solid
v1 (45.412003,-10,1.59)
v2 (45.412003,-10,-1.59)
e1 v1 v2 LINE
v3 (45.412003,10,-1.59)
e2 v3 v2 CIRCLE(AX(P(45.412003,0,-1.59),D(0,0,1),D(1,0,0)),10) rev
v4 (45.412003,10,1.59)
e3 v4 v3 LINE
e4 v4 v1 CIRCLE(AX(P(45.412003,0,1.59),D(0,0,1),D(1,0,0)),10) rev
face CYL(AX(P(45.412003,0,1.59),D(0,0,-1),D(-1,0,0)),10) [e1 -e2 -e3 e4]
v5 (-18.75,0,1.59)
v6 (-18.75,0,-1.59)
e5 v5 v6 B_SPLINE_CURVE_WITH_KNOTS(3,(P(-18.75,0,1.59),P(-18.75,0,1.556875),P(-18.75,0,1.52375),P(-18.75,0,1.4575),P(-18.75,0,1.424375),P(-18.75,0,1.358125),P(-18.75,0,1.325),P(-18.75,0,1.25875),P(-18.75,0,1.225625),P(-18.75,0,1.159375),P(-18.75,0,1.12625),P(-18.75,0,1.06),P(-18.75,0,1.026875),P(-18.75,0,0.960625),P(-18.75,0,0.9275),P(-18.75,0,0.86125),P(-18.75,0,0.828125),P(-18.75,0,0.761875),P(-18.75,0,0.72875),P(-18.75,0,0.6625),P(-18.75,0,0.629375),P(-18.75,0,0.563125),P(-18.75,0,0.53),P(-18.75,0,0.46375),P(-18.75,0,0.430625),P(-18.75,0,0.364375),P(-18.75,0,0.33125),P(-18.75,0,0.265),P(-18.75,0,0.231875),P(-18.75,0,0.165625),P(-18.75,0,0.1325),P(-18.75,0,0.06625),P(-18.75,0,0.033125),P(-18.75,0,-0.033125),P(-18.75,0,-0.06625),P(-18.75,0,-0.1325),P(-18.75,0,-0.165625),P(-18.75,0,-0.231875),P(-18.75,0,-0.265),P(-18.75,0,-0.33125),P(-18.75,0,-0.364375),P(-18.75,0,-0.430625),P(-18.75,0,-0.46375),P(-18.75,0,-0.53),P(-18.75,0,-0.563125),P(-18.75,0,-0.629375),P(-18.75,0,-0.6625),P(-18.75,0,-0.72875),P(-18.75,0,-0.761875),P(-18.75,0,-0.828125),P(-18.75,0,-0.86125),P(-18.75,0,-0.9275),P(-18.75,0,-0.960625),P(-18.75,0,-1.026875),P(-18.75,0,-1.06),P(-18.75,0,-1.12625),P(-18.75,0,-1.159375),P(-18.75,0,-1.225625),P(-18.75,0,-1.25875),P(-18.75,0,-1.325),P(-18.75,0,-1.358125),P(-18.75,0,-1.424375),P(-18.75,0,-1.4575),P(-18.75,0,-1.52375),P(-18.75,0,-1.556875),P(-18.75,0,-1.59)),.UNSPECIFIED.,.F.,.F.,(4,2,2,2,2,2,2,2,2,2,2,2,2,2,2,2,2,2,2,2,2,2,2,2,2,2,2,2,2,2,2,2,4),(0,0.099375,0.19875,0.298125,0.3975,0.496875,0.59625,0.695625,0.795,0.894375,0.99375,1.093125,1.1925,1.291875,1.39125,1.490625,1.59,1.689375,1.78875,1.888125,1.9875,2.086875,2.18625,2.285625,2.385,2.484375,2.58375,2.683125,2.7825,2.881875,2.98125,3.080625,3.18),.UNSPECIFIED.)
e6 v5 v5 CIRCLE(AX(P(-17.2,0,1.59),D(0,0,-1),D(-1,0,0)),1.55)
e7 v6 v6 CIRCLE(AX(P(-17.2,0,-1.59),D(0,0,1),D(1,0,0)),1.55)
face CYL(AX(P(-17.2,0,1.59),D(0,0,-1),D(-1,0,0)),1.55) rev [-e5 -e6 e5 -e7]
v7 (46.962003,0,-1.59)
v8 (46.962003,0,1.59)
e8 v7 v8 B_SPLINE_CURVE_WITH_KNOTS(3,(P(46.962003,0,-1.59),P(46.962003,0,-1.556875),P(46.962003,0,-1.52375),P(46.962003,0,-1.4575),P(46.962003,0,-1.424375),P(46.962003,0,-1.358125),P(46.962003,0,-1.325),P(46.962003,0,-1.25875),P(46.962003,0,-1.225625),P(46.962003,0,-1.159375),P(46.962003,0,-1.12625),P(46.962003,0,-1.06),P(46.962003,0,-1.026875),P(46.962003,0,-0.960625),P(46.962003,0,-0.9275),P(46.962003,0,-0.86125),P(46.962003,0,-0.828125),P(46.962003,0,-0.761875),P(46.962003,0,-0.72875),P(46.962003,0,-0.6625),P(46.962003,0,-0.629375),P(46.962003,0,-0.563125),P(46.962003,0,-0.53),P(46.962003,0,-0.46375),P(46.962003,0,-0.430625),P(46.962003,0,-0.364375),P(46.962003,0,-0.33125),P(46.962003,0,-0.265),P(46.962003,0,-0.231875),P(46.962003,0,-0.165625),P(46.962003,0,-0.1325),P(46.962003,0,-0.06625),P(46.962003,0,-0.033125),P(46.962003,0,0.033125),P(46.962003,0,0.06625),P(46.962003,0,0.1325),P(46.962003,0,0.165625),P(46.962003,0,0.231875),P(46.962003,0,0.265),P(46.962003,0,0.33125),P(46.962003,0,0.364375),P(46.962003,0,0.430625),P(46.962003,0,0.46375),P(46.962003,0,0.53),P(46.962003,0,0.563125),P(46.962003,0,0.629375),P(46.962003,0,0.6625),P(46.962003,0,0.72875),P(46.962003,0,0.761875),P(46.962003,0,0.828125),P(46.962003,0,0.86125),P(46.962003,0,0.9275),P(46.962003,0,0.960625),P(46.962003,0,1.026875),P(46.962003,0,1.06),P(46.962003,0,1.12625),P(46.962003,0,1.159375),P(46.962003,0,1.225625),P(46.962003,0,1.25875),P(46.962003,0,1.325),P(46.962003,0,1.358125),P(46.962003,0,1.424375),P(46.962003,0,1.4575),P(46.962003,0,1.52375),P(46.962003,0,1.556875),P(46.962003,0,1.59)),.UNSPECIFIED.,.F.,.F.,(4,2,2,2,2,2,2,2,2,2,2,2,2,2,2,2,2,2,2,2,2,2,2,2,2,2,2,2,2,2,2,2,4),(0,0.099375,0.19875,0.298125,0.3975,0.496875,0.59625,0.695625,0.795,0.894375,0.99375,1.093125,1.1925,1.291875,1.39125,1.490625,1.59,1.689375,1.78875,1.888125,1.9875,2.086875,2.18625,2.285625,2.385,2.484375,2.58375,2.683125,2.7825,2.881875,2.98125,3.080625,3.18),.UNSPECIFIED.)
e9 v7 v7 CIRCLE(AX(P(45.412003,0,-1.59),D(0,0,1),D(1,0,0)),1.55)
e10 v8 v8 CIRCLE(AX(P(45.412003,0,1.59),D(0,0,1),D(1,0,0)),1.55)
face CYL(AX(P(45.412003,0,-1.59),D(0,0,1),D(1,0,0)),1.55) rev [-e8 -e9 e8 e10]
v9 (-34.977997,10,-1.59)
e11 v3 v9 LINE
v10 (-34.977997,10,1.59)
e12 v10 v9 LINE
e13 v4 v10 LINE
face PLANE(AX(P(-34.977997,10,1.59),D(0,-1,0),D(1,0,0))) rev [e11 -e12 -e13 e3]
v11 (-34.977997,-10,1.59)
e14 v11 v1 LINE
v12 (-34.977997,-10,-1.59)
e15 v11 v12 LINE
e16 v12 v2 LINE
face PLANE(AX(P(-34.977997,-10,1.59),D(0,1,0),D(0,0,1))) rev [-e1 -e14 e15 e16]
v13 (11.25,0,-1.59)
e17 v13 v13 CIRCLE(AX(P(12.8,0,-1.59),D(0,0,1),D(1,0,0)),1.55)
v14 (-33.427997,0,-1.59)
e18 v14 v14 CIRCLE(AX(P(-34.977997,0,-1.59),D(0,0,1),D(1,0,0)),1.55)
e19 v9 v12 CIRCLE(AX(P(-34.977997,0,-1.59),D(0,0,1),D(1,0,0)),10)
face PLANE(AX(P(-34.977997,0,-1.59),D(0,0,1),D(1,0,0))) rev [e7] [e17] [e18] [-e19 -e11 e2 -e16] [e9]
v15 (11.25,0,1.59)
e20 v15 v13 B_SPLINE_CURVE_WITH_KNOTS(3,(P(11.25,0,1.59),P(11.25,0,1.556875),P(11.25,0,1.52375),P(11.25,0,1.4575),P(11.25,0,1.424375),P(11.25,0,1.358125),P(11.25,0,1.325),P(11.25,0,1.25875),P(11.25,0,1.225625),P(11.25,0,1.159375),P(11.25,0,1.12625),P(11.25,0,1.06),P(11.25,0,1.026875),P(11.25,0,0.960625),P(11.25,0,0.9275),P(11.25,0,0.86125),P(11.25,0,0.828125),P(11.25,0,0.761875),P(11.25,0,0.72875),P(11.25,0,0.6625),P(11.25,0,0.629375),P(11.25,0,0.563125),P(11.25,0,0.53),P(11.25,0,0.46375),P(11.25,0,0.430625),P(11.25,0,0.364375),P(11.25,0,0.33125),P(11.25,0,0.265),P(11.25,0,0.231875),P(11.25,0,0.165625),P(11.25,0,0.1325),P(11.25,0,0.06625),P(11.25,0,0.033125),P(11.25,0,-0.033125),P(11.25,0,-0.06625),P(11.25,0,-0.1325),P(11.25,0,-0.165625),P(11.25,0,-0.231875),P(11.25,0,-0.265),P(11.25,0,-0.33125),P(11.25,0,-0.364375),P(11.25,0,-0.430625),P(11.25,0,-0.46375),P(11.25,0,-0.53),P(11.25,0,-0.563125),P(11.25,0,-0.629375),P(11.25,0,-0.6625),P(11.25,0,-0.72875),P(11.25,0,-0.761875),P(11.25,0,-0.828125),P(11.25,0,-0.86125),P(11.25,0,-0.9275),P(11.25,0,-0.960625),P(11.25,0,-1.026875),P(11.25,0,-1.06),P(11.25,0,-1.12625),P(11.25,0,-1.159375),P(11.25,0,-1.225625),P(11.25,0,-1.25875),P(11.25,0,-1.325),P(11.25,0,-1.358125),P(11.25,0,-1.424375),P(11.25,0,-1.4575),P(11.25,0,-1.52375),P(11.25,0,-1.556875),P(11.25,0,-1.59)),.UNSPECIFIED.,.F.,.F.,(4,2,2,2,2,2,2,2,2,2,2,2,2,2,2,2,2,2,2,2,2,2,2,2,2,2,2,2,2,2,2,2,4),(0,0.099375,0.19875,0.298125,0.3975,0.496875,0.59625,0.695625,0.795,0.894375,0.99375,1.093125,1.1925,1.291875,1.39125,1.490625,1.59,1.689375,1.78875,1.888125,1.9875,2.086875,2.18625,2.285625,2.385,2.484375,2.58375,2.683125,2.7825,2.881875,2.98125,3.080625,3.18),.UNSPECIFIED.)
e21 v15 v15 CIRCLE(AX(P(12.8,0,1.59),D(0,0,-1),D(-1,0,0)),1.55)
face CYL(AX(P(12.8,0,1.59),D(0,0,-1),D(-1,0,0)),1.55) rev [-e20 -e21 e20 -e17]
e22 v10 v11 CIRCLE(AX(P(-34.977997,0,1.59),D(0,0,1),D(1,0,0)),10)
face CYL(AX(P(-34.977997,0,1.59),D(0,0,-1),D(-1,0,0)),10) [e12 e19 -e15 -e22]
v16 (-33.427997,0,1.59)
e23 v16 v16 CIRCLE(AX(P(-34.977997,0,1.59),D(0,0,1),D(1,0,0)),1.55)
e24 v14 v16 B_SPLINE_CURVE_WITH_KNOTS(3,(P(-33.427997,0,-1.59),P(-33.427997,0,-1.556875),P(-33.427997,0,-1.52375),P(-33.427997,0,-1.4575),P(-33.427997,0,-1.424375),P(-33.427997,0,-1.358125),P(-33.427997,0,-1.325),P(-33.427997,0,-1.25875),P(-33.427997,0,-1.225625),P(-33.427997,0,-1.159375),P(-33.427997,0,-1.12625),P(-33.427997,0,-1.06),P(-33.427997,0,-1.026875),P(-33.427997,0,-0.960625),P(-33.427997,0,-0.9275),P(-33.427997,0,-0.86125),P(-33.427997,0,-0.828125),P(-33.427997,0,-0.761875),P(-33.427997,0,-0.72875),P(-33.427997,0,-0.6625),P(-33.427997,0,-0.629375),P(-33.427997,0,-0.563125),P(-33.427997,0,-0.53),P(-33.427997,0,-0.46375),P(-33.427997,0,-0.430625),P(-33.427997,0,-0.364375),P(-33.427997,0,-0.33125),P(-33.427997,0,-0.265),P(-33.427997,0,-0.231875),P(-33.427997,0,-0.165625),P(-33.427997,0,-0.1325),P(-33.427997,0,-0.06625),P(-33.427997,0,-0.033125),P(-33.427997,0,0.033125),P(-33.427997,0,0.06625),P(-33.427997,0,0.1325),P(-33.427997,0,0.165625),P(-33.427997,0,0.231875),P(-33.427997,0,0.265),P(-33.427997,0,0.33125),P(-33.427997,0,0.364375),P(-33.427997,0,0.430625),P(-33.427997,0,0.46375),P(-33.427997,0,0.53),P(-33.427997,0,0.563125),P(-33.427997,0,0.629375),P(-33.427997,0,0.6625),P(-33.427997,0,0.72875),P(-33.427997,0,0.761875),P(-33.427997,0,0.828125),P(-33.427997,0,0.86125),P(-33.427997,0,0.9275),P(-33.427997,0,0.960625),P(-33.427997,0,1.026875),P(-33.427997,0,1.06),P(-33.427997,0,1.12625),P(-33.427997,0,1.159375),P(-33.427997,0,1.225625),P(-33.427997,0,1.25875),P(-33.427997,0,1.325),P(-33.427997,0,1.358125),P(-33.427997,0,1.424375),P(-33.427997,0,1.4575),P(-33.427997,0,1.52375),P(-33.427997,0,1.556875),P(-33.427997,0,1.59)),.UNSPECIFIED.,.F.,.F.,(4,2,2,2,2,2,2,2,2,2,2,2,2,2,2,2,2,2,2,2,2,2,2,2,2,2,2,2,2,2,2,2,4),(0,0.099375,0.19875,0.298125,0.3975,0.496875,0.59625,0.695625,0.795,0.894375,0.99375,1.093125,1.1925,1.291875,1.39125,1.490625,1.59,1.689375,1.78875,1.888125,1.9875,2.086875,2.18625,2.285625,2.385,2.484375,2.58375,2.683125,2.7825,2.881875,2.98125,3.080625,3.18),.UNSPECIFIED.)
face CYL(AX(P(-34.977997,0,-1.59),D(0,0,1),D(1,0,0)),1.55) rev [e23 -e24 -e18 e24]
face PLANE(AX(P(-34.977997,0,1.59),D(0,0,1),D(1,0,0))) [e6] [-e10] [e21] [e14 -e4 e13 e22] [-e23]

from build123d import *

# Parameters (mm, degrees)
BOSS_EXTRUDE1_DEPTH = 1.59
SKETCH6_R           = 1.55
CUT_EXTRUDE3_DEPTH  = 48.669302491
LPATTERN3_COUNT     = 3
LPATTERN3_PITCH     = 30
BOSS_EXTRUDE2_DEPTH = 1.59
SKETCH11_R          = 1.55
CUT_EXTRUDE7_DEPTH  = 57.396830198
SKETCH31_R          = 1.55
CUT_EXTRUDE14_DEPTH = 57.396830198


with BuildPart() as part:
    # Sketch1 → Boss-Extrude1 (new, symmetric)
    with BuildSketch(Plane.XY):
        with BuildLine():
            Line((-34.977997181, 10), (45.412002819, 10))
            ThreePointArc((45.412002819, 10), (46.5, 0), (45.412002819, -10))
            Line((45.412002819, -10), (-34.977997181, -10))
            ThreePointArc((-34.977997181, -10), (-44.977997181, 0), (-34.977997181, 10))
        make_face()
    extrude(amount=BOSS_EXTRUDE1_DEPTH, both=True)

    # Sketch6 → Cut-Extrude3 (cut, symmetric)
    with BuildSketch(Plane(origin=(0, 0, -1.59), x_dir=(-1, 0, 0), z_dir=(0, 0, -1))):
        with Locations((-12.8, 0)):
            Circle(SKETCH6_R)
    cut_extrude3 = extrude(amount=CUT_EXTRUDE3_DEPTH, both=True, mode=Mode.SUBTRACT)

    # LPattern3: Cut-Extrude3 ×3
    with Locations(*[(-i * LPATTERN3_PITCH, 0, 0) for i in range(1, LPATTERN3_COUNT)]):
        add(cut_extrude3, mode=Mode.SUBTRACT)

    # Sketch22 → Boss-Extrude2 (add, symmetric)
    with BuildSketch(Plane.XY):
        with BuildLine():
            ThreePointArc((45.412002819, -10), (46.5, 0), (45.412002819, 10))
            ThreePointArc((45.412002819, 10), (55.412002819, 0), (45.412002819, -10))
        make_face()
    extrude(amount=BOSS_EXTRUDE2_DEPTH, both=True)

    # Sketch11 → Cut-Extrude7 (cut, through all)
    with BuildSketch(Plane.XY.offset(1.59)):
        with Locations((-96.957997181, 0)):
            Circle(SKETCH11_R)
        with Locations((45.412002819, 0)):
            Circle(SKETCH11_R)
    extrude(amount=-CUT_EXTRUDE7_DEPTH, mode=Mode.SUBTRACT)

    # Sketch31 → Cut-Extrude14 (cut, through all)
    with BuildSketch(Plane.XY.offset(1.59)):
        with Locations((-34.977997181, 0)):
            Circle(SKETCH31_R)
    extrude(amount=-CUT_EXTRUDE14_DEPTH, mode=Mode.SUBTRACT)


solid = part.part
